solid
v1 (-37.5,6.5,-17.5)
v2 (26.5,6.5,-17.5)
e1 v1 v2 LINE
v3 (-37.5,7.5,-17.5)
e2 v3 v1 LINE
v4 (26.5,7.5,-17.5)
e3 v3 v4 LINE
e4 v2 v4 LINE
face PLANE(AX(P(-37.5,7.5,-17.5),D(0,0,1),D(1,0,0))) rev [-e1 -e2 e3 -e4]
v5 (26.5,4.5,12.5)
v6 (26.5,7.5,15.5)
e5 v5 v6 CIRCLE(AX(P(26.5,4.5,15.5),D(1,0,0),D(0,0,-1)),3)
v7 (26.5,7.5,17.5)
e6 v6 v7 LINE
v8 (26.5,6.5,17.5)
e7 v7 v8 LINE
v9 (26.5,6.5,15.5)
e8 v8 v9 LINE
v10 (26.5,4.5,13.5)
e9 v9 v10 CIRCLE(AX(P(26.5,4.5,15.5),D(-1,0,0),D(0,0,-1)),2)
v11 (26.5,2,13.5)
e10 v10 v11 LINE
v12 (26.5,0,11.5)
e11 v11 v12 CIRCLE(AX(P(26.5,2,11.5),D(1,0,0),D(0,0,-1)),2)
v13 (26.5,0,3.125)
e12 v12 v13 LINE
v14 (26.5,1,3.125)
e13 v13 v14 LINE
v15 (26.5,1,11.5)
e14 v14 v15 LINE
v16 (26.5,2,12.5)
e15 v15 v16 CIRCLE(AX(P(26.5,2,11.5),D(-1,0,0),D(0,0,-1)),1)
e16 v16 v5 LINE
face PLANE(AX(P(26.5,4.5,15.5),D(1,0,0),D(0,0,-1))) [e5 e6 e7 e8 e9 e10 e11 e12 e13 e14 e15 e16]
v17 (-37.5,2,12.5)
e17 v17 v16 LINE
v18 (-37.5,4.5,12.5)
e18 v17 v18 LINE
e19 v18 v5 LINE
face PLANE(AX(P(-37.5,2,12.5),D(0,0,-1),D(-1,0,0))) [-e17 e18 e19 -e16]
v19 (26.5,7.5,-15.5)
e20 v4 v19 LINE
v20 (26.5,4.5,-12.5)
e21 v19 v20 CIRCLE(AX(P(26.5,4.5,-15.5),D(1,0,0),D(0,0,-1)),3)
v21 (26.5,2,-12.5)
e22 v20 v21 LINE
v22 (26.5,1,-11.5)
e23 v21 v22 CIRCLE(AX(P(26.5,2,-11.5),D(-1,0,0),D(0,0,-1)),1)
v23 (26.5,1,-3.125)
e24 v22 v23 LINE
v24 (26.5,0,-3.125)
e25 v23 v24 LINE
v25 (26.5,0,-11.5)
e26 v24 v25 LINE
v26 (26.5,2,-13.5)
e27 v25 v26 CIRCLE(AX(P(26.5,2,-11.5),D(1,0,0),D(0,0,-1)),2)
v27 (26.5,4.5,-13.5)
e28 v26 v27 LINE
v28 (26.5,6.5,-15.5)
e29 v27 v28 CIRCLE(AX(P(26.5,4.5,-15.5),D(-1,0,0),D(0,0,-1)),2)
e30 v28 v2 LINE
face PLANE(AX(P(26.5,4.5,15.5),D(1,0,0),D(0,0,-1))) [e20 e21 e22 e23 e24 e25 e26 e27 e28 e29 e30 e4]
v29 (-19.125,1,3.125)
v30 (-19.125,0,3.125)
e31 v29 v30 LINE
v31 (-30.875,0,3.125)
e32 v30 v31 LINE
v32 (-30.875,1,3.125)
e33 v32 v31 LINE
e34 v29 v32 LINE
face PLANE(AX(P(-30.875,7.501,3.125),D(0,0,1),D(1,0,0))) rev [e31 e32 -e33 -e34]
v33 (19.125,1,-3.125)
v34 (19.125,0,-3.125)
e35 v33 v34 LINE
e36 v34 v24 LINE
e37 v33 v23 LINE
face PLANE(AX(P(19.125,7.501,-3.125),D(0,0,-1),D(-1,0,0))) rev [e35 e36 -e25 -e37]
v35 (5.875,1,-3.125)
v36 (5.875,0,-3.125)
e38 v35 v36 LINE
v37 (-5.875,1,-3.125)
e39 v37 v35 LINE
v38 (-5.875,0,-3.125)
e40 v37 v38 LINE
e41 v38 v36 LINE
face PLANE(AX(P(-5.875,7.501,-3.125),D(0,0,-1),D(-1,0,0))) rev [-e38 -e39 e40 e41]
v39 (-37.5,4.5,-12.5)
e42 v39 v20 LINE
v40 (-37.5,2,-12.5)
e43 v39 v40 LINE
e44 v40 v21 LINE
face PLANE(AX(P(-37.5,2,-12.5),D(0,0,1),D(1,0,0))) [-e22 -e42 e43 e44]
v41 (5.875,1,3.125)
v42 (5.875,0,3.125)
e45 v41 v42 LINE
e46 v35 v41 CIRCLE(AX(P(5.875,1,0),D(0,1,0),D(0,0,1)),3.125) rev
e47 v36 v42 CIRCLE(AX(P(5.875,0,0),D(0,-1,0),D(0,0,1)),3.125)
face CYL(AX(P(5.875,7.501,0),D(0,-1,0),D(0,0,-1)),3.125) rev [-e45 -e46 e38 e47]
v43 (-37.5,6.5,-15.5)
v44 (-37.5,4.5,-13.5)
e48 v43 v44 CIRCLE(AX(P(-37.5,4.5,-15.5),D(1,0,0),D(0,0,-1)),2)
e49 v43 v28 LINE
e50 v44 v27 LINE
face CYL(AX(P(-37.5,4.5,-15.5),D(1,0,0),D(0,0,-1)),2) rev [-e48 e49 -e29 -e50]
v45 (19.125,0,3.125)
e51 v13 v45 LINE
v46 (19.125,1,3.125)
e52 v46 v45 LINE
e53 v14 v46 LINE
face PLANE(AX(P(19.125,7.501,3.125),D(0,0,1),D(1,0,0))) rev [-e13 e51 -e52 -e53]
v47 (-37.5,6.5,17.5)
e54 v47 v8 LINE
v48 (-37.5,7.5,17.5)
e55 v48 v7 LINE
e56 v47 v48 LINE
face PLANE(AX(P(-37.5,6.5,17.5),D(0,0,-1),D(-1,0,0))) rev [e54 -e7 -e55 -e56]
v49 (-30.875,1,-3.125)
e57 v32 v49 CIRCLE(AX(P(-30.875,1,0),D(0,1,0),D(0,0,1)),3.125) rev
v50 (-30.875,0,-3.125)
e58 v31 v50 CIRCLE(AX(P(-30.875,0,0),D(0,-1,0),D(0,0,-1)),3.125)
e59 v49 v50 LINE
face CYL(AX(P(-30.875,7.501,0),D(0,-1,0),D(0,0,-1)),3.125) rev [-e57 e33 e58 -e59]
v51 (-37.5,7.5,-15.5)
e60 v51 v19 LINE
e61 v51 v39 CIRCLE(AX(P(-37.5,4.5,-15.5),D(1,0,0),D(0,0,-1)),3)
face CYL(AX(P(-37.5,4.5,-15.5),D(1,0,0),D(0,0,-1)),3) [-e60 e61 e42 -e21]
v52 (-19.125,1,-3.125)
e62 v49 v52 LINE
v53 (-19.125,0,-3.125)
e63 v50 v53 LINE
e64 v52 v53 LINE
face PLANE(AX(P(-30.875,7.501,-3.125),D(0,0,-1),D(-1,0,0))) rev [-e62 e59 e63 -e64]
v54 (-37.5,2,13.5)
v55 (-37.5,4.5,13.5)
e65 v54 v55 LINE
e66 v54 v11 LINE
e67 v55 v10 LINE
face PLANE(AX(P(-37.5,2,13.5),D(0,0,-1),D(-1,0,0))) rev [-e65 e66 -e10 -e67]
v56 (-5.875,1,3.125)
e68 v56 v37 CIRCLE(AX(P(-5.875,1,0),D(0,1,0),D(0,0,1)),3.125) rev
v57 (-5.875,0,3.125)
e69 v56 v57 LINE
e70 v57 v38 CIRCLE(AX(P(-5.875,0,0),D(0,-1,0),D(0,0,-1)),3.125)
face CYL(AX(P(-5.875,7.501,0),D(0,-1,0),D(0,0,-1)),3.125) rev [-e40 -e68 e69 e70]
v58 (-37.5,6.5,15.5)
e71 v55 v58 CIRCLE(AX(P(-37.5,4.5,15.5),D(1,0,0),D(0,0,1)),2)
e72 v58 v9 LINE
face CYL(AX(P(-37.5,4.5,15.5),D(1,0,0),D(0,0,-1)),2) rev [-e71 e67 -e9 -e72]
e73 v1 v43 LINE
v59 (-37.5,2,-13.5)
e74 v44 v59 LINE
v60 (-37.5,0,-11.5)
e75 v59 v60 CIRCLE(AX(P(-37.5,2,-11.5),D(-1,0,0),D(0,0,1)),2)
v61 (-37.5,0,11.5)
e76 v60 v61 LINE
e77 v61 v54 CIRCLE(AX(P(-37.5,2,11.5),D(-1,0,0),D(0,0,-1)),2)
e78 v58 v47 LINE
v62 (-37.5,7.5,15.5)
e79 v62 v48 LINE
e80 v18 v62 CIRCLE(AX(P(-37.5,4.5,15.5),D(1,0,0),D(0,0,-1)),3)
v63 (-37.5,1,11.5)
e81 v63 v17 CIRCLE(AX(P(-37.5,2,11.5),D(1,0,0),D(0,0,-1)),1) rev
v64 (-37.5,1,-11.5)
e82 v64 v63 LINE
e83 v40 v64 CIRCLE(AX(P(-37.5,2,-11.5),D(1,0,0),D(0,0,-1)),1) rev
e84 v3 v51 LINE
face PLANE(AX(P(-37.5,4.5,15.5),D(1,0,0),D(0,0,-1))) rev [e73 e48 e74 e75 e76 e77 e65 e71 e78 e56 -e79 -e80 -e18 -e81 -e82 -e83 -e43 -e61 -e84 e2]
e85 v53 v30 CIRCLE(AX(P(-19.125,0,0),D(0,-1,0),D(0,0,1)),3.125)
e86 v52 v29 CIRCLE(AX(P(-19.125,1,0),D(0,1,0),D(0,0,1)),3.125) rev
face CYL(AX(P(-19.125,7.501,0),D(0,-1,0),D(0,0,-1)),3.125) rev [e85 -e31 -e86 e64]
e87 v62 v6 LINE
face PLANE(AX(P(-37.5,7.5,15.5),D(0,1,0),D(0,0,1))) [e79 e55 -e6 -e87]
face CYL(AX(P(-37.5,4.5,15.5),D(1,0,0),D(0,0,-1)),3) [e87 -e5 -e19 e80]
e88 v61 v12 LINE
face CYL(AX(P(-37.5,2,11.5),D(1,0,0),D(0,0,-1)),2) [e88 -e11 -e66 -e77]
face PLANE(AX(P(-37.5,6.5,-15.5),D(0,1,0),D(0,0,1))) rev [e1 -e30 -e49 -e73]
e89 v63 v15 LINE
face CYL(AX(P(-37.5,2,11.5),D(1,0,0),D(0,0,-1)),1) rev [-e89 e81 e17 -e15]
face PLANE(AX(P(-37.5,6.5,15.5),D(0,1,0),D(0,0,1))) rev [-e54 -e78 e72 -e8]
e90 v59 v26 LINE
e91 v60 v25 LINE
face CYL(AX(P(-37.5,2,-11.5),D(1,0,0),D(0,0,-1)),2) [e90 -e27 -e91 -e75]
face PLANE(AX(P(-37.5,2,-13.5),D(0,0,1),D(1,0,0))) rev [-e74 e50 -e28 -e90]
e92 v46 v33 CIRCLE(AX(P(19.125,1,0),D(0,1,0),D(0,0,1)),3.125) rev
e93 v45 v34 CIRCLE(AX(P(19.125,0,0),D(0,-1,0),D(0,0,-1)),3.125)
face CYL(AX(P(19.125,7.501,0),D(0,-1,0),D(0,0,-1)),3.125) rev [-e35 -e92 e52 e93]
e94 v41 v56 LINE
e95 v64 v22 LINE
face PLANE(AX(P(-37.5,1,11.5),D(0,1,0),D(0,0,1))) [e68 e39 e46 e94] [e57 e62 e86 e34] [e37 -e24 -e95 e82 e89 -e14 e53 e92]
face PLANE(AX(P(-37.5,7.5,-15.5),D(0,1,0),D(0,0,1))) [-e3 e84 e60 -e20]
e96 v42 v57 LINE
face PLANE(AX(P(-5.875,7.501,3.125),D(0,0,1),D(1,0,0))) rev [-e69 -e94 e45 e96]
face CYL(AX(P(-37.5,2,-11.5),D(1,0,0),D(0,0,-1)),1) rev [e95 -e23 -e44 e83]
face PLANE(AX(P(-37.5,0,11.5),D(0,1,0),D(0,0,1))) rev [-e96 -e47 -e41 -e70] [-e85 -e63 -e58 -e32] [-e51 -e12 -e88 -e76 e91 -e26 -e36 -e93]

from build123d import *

# Parameters (mm, degrees)
EXTRUDE_THIN1_DEPTH             = 37.5
EXTRUDE_THIN1_DEPTH_BACK        = 37.5
CUT_EXTRUDE1_REACH              = 44.057
LPATTERN1_COUNT                 = 2
LPATTERN1_PITCH                 = 25
LPATTERN1_COL_COUNT             = 2
LPATTERN1_COL_PITCH             = 25
SCHNITT_LINEAR_START            = -11
SCHNITT_LINEAR_AUSTRAGEN1_DEPTH = 11


with BuildPart() as part:
    # Sketch1 → Extrude-Thin1 (new, two sides: drawn at the far end of the back side and taken through both)
    with BuildSketch(Plane(origin=(0, 0, 0), x_dir=(0, 0, -1), z_dir=(1, 0, 0)).offset(-EXTRUDE_THIN1_DEPTH_BACK)):
        with BuildLine():
            Line((-17.5, 6.5), (-15.5, 6.5))
            ThreePointArc((-15.5, 6.5), (-14.085786438, 5.914213562), (-13.5, 4.5))
            Line((-13.5, 4.5), (-13.5, 2))
            ThreePointArc((-13.5, 2), (-12.914213562, 0.585786438), (-11.5, 0))
            Line((-11.5, 0), (11.5, 0))
            ThreePointArc((11.5, 0), (12.914213562, 0.585786438), (13.5, 2))
            Line((13.5, 2), (13.5, 4.5))
            ThreePointArc((13.5, 4.5), (14.085786438, 5.914213562), (15.5, 6.5))
            Line((15.5, 6.5), (17.5, 6.5))
            Line((17.5, 6.5), (17.5, 7.5))
            Line((17.5, 7.5), (15.5, 7.5))
            ThreePointArc((15.5, 7.5), (13.378679656, 6.621320344), (12.5, 4.5))
            Line((12.5, 4.5), (12.5, 2))
            ThreePointArc((12.5, 2), (12.207106781, 1.292893219), (11.5, 1))
            Line((11.5, 1), (-11.5, 1))
            ThreePointArc((-11.5, 1), (-12.207106781, 1.292893219), (-12.5, 2))
            Line((-12.5, 2), (-12.5, 4.5))
            ThreePointArc((-12.5, 4.5), (-13.378679656, 6.621320344), (-15.5, 7.5))
            Line((-15.5, 7.5), (-17.5, 7.5))
            Line((-17.5, 7.5), (-17.5, 6.5))
        make_face()
    extrude(amount=EXTRUDE_THIN1_DEPTH + EXTRUDE_THIN1_DEPTH_BACK)

    # Sketch2 → Cut-Extrude1 (cut, up to next)
    with BuildSketch(Plane.XZ, mode=Mode.PRIVATE) as cut_extrude1_sk1:
        with BuildLine():
            Line((-5.875, 3.125), (5.875, 3.125))
            ThreePointArc((5.875, 3.125), (9, 0), (5.875, -3.125))
            Line((5.875, -3.125), (-5.875, -3.125))
            ThreePointArc((-5.875, -3.125), (-9, 0), (-5.875, 3.125))
        make_face()
    cut_extrude1_tool1 = extrude(cut_extrude1_sk1.sketch, amount=-CUT_EXTRUDE1_REACH, mode=Mode.PRIVATE) & part.part
    cut_extrude1 = cut_extrude1_tool1.solids().sort_by_distance((0, 0, 0))[0]
    add(cut_extrude1, mode=Mode.SUBTRACT)

    # LPattern1: Cut-Extrude1 ×2
    with Locations(*[(i * LPATTERN1_PITCH, 0, 0) for i in range(1, LPATTERN1_COUNT)]):
        add(cut_extrude1, mode=Mode.SUBTRACT)

    # LPattern1 col: Cut-Extrude1 ×2
    with Locations(*[(-i * LPATTERN1_COL_PITCH, 0, 0) for i in range(1, LPATTERN1_COL_COUNT)]):
        add(cut_extrude1, mode=Mode.SUBTRACT)

    # Skizze1 → Schnitt-Linear austragen1 (cut)
    with BuildSketch(Plane(origin=(37.5, 0, 0), x_dir=(0, 0, -1), z_dir=(1, 0, 0)).offset(SCHNITT_LINEAR_START)):
        with BuildLine():
            Line((-15.5, 7.5), (-17.5, 7.5))
            Line((-17.5, 7.5), (-17.5, 6.5))
            Line((-17.5, 6.5), (-15.5, 6.5))
            ThreePointArc((-15.5, 6.5), (-14.085786438, 5.914213562), (-13.5, 4.5))
            Line((-13.5, 4.5), (-13.5, 2))
            ThreePointArc((-13.5, 2), (-12.914213562, 0.585786438), (-11.5, 0))
            Line((-11.5, 0), (11.5, 0))
            ThreePointArc((11.5, 0), (12.914213562, 0.585786438), (13.5, 2))
            Line((13.5, 2), (13.5, 4.5))
            ThreePointArc((13.5, 4.5), (14.085786438, 5.914213562), (15.5, 6.5))
            Line((15.5, 6.5), (17.5, 6.5))
            Line((17.5, 6.5), (17.5, 7.5))
            Line((17.5, 7.5), (15.5, 7.5))
            ThreePointArc((15.5, 7.5), (13.378679656, 6.621320344), (12.5, 4.5))
            Line((12.5, 4.5), (12.5, 2))
            ThreePointArc((12.5, 2), (12.207106781, 1.292893219), (11.5, 1))
            Line((11.5, 1), (-11.5, 1))
            ThreePointArc((-11.5, 1), (-12.207106781, 1.292893219), (-12.5, 2))
            Line((-12.5, 2), (-12.5, 4.5))
            ThreePointArc((-12.5, 4.5), (-13.378679656, 6.621320344), (-15.5, 7.5))
        make_face()
    extrude(amount=SCHNITT_LINEAR_AUSTRAGEN1_DEPTH, mode=Mode.SUBTRACT)


solid = part.part
